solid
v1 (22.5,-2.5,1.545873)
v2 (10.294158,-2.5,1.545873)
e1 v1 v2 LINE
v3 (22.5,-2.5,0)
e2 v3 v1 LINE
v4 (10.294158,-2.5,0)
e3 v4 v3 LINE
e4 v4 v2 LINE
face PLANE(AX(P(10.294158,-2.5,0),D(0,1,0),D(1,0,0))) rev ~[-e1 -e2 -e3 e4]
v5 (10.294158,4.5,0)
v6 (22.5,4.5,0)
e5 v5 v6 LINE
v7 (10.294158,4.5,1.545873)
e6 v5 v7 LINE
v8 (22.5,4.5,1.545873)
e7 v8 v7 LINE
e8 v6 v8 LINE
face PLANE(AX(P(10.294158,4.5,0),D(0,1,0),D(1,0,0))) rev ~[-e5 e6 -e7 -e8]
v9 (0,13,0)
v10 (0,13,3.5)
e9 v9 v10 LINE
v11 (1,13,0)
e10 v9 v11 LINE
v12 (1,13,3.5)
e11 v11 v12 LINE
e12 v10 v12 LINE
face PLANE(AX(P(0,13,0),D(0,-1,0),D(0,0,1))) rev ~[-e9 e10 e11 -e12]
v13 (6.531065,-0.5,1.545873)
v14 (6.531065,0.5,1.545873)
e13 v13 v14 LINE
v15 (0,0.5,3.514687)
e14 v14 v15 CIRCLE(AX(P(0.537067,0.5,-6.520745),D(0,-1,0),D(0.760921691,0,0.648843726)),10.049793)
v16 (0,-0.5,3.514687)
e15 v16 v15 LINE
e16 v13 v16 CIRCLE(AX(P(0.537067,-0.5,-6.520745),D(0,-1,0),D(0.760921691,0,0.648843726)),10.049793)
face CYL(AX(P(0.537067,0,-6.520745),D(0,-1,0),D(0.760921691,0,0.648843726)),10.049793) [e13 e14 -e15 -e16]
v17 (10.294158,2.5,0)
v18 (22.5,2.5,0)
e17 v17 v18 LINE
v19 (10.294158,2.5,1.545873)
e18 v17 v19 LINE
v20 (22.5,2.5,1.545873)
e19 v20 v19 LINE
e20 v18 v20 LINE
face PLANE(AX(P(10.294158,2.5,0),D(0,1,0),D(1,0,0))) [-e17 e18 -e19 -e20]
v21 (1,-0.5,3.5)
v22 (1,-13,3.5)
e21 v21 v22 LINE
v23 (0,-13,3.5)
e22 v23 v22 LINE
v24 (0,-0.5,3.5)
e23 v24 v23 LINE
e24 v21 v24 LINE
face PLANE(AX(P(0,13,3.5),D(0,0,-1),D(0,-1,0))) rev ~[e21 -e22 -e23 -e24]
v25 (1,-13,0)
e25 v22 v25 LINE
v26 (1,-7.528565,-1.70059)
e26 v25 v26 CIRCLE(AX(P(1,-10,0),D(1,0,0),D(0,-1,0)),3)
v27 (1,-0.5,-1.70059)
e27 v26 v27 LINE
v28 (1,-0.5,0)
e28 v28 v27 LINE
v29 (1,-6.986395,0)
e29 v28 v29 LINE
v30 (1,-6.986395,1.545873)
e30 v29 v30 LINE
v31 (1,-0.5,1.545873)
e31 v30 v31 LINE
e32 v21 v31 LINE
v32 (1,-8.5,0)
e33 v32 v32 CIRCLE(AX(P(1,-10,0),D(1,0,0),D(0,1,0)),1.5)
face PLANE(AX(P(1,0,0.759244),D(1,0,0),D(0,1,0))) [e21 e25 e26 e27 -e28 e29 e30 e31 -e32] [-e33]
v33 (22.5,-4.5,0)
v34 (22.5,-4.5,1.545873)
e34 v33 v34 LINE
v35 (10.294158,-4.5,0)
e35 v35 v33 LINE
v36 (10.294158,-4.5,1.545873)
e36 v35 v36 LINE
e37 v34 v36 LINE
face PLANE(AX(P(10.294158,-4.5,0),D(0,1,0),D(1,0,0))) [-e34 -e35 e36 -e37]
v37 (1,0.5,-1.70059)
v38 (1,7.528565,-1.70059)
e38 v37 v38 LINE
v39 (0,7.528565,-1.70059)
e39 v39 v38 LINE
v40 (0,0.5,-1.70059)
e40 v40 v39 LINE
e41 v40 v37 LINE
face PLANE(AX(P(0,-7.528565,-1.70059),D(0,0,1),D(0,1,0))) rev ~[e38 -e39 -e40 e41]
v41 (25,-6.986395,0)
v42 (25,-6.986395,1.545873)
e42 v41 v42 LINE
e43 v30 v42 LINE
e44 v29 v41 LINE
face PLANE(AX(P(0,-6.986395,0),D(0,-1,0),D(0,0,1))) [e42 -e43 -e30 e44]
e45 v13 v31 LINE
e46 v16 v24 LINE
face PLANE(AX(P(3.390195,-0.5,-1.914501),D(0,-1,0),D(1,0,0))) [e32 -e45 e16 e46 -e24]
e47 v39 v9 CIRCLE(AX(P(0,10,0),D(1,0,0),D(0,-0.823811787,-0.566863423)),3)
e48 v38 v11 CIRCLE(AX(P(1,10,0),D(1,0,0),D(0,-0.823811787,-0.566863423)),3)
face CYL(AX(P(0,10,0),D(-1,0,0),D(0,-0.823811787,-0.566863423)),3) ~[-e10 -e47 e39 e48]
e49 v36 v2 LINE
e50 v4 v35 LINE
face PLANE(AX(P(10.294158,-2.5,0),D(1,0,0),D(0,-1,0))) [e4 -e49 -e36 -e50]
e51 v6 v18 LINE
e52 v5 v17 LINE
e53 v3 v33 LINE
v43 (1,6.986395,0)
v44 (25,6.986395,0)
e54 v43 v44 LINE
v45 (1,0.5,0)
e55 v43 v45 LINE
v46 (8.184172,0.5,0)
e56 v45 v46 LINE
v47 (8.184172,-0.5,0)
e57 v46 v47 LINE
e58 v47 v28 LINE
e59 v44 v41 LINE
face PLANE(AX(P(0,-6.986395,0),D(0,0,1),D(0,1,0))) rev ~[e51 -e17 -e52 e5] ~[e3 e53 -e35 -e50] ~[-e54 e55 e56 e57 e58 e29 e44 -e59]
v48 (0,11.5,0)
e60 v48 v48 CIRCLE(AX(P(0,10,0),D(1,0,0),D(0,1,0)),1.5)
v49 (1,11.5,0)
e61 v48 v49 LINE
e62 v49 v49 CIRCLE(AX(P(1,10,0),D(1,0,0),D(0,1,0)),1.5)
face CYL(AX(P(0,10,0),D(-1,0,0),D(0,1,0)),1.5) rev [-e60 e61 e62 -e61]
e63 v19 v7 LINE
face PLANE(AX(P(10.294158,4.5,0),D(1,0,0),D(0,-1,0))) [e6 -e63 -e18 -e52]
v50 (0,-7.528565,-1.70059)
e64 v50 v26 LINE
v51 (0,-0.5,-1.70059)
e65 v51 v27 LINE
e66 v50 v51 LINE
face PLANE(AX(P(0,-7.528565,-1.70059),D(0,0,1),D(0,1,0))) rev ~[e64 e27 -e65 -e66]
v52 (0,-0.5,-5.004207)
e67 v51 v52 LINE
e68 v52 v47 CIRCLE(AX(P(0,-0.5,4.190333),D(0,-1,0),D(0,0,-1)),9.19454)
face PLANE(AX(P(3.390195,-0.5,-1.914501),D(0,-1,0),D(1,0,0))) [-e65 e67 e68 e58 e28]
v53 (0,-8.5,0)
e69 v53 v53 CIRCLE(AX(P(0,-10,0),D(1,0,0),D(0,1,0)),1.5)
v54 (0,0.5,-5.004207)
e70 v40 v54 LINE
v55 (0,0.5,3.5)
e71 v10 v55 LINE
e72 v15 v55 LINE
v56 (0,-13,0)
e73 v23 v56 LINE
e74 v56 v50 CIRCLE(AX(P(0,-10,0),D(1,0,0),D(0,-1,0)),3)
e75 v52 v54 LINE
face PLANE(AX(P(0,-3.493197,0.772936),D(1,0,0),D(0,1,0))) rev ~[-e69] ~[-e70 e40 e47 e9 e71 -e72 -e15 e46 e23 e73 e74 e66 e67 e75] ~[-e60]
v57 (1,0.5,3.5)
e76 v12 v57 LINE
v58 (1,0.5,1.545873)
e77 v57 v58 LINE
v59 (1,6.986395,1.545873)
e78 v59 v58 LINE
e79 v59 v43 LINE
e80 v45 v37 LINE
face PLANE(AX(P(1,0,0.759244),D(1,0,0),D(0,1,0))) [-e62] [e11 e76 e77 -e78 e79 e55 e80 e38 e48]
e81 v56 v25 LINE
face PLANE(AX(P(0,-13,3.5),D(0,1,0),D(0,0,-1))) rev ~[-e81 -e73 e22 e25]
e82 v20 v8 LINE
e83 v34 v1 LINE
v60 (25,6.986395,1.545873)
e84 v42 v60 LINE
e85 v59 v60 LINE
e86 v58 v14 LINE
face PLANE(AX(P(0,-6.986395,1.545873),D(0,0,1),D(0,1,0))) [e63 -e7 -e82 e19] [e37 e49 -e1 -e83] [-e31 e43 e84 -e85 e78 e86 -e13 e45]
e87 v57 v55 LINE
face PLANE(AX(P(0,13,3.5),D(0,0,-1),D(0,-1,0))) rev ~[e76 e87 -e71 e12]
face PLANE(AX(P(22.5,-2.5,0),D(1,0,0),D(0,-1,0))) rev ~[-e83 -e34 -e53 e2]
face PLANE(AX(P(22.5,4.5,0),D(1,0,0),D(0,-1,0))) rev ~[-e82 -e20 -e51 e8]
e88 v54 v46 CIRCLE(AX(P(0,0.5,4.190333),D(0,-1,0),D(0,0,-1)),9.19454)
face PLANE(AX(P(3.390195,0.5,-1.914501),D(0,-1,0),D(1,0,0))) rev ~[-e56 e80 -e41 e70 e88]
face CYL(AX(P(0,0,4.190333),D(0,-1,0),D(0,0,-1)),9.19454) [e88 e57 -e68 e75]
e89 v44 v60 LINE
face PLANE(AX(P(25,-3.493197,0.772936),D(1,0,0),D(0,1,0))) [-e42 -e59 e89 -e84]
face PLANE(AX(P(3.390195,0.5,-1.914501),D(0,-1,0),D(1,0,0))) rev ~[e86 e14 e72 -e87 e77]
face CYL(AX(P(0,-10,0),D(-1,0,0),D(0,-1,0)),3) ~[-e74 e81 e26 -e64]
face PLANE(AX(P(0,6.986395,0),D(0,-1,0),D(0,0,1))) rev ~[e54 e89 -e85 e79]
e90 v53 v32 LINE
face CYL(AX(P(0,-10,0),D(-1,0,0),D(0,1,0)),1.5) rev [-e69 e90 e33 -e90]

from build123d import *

# Parameters (mm, degrees)
F0_R     = 1.5
F0_W     = 6.9863945246
F0_H     = 1.5458728885
F1_DEPTH = 1
F2_DEPTH = 25
F3_W     = 12.2058418553
F3_H     = 2
F4_DEPTH = 25
F6_DEPTH = 0.5
F7_DEPTH = 25
F8_DEPTH = 25


with BuildPart() as f1:
    # F0 (on Right) → F1 (new body)
    with BuildSketch(Plane.YZ):
        with BuildLine():
            Line((-7.5285646403, -1.7005902689), (7.5285646403, -1.7005902689))
            ThreePointArc((7.5285646403, -1.7005902689), (10.8904195418, -2.8648129153), (13, 0))
            Line((13, 0), (13, 3.5))
            Line((13, 3.5), (-13, 3.5))
            Line((-13, 3.5), (-13, 0))
            ThreePointArc((-13, 0), (-10.8904195418, -2.8648129153), (-7.5285646403, -1.7005902689))
        make_face()
        with Locations((-10, 0)):
            Circle(F0_R, mode=Mode.SUBTRACT)
        with Locations((10, 0)):
            Circle(F0_R, mode=Mode.SUBTRACT)
        Polygon((6.9863945246, 0), (0, 0), (-6.9863945246, 0), (-6.9863945246, 1.5458728885), (0, 1.5458728885), (6.9863945246, 1.5458728885), align=None, mode=Mode.SUBTRACT)
        with Locations((3.4931972623, 0.7729364443)):
            Rectangle(F0_W, F0_H)
    extrude(amount=F1_DEPTH)

    # F0 (on Right) → F2 (join)
    with BuildSketch(Plane.YZ):
        with Locations((3.4931972623, 0.7729364443)):
            Rectangle(F0_W, F0_H)
    extrude(amount=F2_DEPTH)

    # F3 (on face) → F4 (cut)
    with BuildSketch(Plane(origin=(0, 0, 0), x_dir=(1, 0, 0), z_dir=(0, 0, -1))):
        with Locations((16.3970790723, -3.5)):
            Rectangle(F3_W, F3_H)
    extrude(amount=-F4_DEPTH, mode=Mode.SUBTRACT)

    # F5 (on face) → F6 (join, symmetric)
    with BuildSketch(Plane.XZ):
        with BuildLine():
            ThreePointArc((0, -5.004207138), (4.7964248116, -3.6540201663), (8.1841722131, 0))
            Line((8.1841722131, 0), (0, 0))
            Line((0, 0), (0, -5.004207138))
        make_face()
        with BuildLine():
            Line((0, 0), (8.1841722131, 0))
            ThreePointArc((8.1841722131, 0), (4.5027216519, 2.7135344455), (0, 3.5146868322))
            Line((0, 3.5146868322), (0, 0))
        make_face()
    extrude(amount=F6_DEPTH, both=True)

    # F0 (on Right) → F7 (join)
    with BuildSketch(Plane.YZ):
        with Locations((-3.4931972623, 0.7729364443)):
            Rectangle(F0_W, F0_H)
    extrude(amount=F7_DEPTH)

    # F3 (on face) → F8 (cut)
    with BuildSketch(Plane(origin=(0, 0, 0), x_dir=(1, 0, 0), z_dir=(0, 0, -1))):
        with Locations((16.3970790723, 3.5)):
            Rectangle(F3_W, F3_H)
    extrude(amount=-F8_DEPTH, mode=Mode.SUBTRACT)


solid = f1.part
